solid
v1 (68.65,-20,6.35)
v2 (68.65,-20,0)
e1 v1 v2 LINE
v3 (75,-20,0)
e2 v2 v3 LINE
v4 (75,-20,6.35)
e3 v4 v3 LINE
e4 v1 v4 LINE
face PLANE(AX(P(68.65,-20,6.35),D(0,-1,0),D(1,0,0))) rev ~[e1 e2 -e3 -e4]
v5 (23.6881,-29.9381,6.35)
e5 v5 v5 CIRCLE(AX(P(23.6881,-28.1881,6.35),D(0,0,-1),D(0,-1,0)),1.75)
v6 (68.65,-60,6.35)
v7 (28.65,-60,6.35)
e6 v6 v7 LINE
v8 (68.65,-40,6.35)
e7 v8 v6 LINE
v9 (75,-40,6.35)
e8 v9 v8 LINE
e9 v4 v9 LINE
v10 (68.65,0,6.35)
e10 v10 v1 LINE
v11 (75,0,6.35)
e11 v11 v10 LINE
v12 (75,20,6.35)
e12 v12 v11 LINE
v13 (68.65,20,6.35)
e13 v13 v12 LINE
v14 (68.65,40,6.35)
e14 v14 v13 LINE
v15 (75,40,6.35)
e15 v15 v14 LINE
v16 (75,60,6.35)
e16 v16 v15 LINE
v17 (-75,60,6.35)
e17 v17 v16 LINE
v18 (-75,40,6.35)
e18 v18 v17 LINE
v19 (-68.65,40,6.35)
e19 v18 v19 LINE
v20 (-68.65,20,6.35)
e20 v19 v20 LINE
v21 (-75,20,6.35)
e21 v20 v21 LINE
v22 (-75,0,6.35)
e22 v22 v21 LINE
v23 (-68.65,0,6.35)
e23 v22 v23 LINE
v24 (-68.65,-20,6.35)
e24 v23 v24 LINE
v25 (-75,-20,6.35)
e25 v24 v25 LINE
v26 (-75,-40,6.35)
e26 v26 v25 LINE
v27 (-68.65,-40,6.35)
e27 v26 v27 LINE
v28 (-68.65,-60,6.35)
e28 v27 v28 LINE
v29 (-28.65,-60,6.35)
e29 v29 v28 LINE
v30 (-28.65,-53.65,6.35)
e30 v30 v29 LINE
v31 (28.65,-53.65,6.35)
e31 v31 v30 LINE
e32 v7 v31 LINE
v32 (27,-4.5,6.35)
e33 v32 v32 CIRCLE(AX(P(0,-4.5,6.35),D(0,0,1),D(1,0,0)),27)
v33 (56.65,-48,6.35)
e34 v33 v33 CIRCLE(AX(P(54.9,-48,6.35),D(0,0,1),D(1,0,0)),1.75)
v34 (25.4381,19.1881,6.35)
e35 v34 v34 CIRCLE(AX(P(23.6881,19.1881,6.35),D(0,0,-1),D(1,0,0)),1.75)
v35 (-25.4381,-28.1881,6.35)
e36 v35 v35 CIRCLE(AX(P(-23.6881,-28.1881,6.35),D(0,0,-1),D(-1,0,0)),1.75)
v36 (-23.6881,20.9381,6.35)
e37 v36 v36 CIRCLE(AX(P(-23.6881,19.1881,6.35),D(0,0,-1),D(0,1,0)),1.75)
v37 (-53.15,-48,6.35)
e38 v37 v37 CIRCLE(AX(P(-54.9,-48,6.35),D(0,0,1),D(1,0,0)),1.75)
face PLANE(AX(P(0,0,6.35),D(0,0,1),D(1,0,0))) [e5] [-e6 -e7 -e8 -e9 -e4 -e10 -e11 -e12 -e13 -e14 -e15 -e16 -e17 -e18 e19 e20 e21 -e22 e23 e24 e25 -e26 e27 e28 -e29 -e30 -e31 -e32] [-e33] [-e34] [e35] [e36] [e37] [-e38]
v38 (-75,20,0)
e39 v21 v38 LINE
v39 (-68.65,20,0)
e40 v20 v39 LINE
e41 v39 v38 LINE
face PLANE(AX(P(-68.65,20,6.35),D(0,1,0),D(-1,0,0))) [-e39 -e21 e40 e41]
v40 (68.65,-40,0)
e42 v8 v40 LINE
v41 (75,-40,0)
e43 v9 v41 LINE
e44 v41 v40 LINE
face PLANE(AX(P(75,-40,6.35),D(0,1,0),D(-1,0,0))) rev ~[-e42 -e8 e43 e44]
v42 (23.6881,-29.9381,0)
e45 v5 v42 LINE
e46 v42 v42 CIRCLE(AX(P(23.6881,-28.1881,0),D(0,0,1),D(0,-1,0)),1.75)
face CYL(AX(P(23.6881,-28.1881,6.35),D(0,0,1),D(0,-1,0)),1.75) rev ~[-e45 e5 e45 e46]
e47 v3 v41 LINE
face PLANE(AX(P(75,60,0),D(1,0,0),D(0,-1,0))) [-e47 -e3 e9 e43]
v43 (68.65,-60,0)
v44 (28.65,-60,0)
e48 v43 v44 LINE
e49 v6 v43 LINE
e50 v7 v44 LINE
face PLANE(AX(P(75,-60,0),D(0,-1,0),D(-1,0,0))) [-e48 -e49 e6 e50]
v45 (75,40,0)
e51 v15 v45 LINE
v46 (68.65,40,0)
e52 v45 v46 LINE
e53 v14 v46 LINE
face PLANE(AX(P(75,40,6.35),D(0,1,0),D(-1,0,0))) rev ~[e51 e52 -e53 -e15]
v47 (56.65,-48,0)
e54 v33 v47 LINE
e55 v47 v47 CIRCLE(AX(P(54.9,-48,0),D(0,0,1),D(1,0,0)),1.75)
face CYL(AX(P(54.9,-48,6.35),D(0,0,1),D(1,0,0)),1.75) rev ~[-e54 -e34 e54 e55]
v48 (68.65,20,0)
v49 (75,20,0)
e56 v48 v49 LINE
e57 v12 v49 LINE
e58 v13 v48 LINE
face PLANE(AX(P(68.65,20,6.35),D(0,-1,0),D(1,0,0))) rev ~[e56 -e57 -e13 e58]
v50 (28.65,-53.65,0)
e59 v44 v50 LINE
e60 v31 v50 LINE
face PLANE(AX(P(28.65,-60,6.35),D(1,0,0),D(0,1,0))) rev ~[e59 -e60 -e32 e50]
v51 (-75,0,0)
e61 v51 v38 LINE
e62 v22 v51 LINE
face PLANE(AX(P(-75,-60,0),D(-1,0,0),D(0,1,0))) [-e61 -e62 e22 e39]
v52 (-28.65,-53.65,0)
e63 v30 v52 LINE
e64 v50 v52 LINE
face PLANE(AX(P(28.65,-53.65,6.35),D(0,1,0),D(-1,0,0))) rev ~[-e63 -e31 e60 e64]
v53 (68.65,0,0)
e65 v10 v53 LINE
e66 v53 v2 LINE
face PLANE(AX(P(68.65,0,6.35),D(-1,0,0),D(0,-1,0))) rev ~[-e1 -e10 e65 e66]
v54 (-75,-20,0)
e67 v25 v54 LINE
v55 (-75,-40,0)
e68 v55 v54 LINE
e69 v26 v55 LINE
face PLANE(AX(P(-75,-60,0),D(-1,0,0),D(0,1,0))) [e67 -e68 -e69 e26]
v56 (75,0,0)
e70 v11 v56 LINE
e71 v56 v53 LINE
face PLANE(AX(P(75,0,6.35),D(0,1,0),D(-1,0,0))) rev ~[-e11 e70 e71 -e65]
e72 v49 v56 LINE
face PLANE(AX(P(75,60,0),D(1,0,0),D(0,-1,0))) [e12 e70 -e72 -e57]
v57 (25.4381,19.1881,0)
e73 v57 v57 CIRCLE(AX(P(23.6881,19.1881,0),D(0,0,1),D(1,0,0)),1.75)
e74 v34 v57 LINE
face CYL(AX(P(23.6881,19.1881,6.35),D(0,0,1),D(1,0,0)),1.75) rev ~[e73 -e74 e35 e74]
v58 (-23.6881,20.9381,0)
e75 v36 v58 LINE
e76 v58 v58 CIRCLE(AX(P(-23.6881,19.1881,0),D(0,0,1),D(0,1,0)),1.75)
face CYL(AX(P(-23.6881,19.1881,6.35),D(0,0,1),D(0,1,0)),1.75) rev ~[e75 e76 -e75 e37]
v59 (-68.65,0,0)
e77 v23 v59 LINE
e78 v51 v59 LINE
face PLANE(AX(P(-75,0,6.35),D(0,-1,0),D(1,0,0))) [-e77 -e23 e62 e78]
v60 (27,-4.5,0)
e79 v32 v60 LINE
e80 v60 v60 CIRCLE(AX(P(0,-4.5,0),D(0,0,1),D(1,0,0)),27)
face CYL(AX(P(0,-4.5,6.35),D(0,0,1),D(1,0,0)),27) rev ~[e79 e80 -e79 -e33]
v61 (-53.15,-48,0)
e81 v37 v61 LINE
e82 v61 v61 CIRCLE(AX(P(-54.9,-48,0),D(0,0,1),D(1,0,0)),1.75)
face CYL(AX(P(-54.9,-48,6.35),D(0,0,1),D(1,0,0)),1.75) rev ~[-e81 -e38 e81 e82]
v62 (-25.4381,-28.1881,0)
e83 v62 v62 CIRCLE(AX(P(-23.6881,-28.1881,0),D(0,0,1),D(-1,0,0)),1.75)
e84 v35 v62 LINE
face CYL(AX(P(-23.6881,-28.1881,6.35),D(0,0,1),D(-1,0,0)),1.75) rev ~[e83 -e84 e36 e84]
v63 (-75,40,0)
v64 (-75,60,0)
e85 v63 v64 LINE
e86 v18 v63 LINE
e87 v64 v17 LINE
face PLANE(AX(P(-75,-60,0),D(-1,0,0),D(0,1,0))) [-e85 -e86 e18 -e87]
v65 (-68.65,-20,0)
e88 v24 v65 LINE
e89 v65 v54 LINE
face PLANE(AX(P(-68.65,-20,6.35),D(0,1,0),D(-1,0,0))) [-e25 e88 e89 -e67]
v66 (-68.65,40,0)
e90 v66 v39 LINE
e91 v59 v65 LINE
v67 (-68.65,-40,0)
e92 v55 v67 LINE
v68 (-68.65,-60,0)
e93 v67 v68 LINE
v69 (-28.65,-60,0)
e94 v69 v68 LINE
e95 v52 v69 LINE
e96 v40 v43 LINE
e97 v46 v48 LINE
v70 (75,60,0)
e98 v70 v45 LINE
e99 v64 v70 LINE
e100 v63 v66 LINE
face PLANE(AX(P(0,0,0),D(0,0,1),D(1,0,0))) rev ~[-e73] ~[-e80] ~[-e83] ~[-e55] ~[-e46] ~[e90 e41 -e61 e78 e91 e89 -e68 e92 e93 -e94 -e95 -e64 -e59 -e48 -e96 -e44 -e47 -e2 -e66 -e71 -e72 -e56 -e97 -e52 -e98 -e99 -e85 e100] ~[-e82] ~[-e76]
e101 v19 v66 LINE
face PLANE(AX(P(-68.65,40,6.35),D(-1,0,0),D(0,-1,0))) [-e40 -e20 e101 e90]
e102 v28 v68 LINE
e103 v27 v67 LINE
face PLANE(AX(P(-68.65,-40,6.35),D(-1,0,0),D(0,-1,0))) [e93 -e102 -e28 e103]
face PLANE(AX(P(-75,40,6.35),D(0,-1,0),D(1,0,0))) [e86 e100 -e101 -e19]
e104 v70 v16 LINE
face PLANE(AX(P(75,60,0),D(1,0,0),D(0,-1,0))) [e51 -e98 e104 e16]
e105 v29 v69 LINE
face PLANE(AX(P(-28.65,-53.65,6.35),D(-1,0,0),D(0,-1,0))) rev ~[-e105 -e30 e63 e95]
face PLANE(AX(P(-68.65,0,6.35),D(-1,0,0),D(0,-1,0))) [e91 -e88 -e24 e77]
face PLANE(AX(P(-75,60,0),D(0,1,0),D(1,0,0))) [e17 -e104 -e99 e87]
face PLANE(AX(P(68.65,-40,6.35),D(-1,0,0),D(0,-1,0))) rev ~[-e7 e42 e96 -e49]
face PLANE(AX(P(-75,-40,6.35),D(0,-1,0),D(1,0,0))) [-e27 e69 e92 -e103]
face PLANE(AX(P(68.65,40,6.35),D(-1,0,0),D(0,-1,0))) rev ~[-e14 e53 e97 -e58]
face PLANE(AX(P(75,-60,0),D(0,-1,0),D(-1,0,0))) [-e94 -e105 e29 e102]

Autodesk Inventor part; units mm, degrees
ref_plane "YZ Plane" through (0, 0, 0) normal (1, 0, 0) x (0, 1, 0)
ref_plane "XZ Plane" through (0, 0, 0) normal (0, 1, 0) x (-1, 0, 0)
ref_plane "XY Plane" through (0, 0, 0) normal (0, 0, 1) x (1, 0, 0)
sketch "Sketch1" plane through (0, 0, 0) normal (0, 0, 1) x (1, 0, 0)
  line L0 (-75, 60) -> (75, 60)
  line L1 (75, 60) -> (75, -60)
  line L2 (75, -60) -> (-75, -60)
  line L3 (-75, -60) -> (-75, 60)
  point P0 (0, 0)
  dimension "d0" = 150
  dimension "d1" = 120
  dimension "d2" = 60
  dimension "d3" = 75
extrude "Extrusion1" add sketch "Sketch1" along normal blind 6.35
sketch "Sketch2" plane through (0, 0, 6.35) normal (0, 0, 1) x (1, 0, 0)
  line L0 (-75, 60) -> (-75, -60) projected
  line L1 (-75, 40) -> (-68.65, 40)
  line L2 (-68.65, 40) -> (-68.65, 20)
  line L3 (-68.65, 20) -> (-75, 20)
  line L4 (-75, 20) -> (-75, 40)
  line L5 (-75, 60) -> (-75, -60) projected
  line L6 (-75, 0) -> (-68.65, 0)
  line L7 (-68.65, 0) -> (-68.65, -20)
  line L8 (-68.65, -20) -> (-75, -20)
  line L9 (-75, -20) -> (-75, 0)
  line L10 (-75, -40) -> (-68.65, -40)
  line L11 (-68.65, -40) -> (-68.65, -60)
  line L12 (-68.65, -60) -> (-75, -60)
  line L13 (-75, -60) -> (-75, -40)
  line L14 (75, -60) -> (75, 60) projected
  line L15 (75, 40) -> (68.65, 40)
  line L16 (68.65, 40) -> (68.65, 20)
  line L17 (68.65, 20) -> (75, 20)
  line L18 (75, 20) -> (75, 40)
  line L19 (75, 0) -> (68.65, 0)
  line L20 (68.65, 0) -> (68.65, -20)
  line L21 (68.65, -20) -> (75, -20)
  line L22 (75, -20) -> (75, 0)
  line L23 (75, -40) -> (68.65, -40)
  line L24 (68.65, -40) -> (68.65, -60)
  line L25 (68.65, -60) -> (75, -60)
  line L26 (75, -60) -> (75, -40)
  line L27 (-75, -60) -> (75, -60) projected
  line L28 (-28.65, -60) -> (28.65, -60)
  line L29 (28.65, -60) -> (28.65, -53.65)
  line L30 (28.65, -53.65) -> (-28.65, -53.65)
  line L31 (-28.65, -53.65) -> (-28.65, -60)
  line L32 (75, 60) -> (-75, 60) projected
  line L33 (-28.65, 60) -> (28.65, 60)
  point P0 (0, 0)
  dimension "d6" = 6.35
  dimension "d7" = 20
  dimension "d8" = 20
  dimension "d9" = 20
  dimension "d10" = 20
  dimension "d11" = 20
  dimension "d12" = 20
  dimension "d13" = 20
  dimension "d22" = 57.3
  dimension "d23" = 46.35
  dimension "d24" = 46.35
  dimension "d26" = 6.35
extrude "Extrusion2" cut sketch "Sketch2" against normal through all contours L1 L2 L3 L0 | L6 L7 L8 L0 | L14 L17 L16 L15 | L10 L11 L12 L0 | L14 L21 L20 L19 | L31 L30 L29 L27 | L14 L25 L24 L23
sketch "Sketch3" plane through (0, 0, 6.35) normal (0, 0, 1) x (1, 0, 0)
  circle A0 centre (0, -4.5) radius 27
  line L0 (-75, -60) -> (75, -60) projected
  line L1 (75, 40) -> (75, 60) projected
  point P0 (0, 0)
  dimension "d16" = 55.5
  dimension "d17" = 75
  dimension "d18" = 54
extrude "Extrusion3" cut sketch "Sketch3" against normal through all
sketch "Sketch4" plane through (0, 0, 6.35) normal (0, 0, 1) x (1, 0, 0)
  circle A0 centre (0, -4.5) radius 27 projected
  circle A1 centre (0, -4.5) radius 33.5
  circle A2 centre (23.6881, 19.1881) radius 1.75
  line L0 (0, -4.5) -> (33.5, -4.5)
  line L1 (0, -4.5) -> (23.6881, 19.1881)
  point P0 (0, 0)
  dimension "d27" = 67
  dimension "d28" = 45
  dimension "d29" = 3.5
extrude "Extrusion4" cut sketch "Sketch4" against normal through all contours L1 A1 A2 | A2 A1 L1 | A1 A2
pattern_circular "Circular Pattern1" count 4 over 360 about axis through (0, -4.5, 6.35) along (0, 0, -1) of "Extrusion4"
sketch "Sketch5" plane through (0, 0, 6.35) normal (0, 0, 1) x (1, 0, 0)
  circle A0 centre (-54.9, -48) radius 1.75
  circle A1 centre (54.9, -48) radius 1.75
  line L0 (-68.65, -60) -> (-28.65, -60) projected
  line L1 (-75, -20) -> (-75, -40) projected
  line L2 (75, -40) -> (75, -20) projected
  line L3 (28.65, -60) -> (68.65, -60) projected
  point P0 (0, 0)
  dimension "d35" = 3.5
  dimension "d36" = 12
  dimension "d37" = 20.1
  dimension "d38" = 20.1
  dimension "d39" = 12
extrude "Extrusion5" cut sketch "Sketch5" against normal blind 10
equation "\"d2\" = 0.5 * d1"
equation "\"d3\" = 0.5 * d0"
equation "\"d11\" = d8"
equation "\"d12\" = d9"
equation "\"d13\" = d10"
equation "\"d22\" = d21"
equation "\"d24\" = d23"
equation "\"d26\" = d25"
equation "\"d21\" = 57.3"
equation "\"d25\" = 6.35"
properties part number "2204_Housing Front_V1" material "Wood (Birch)"
